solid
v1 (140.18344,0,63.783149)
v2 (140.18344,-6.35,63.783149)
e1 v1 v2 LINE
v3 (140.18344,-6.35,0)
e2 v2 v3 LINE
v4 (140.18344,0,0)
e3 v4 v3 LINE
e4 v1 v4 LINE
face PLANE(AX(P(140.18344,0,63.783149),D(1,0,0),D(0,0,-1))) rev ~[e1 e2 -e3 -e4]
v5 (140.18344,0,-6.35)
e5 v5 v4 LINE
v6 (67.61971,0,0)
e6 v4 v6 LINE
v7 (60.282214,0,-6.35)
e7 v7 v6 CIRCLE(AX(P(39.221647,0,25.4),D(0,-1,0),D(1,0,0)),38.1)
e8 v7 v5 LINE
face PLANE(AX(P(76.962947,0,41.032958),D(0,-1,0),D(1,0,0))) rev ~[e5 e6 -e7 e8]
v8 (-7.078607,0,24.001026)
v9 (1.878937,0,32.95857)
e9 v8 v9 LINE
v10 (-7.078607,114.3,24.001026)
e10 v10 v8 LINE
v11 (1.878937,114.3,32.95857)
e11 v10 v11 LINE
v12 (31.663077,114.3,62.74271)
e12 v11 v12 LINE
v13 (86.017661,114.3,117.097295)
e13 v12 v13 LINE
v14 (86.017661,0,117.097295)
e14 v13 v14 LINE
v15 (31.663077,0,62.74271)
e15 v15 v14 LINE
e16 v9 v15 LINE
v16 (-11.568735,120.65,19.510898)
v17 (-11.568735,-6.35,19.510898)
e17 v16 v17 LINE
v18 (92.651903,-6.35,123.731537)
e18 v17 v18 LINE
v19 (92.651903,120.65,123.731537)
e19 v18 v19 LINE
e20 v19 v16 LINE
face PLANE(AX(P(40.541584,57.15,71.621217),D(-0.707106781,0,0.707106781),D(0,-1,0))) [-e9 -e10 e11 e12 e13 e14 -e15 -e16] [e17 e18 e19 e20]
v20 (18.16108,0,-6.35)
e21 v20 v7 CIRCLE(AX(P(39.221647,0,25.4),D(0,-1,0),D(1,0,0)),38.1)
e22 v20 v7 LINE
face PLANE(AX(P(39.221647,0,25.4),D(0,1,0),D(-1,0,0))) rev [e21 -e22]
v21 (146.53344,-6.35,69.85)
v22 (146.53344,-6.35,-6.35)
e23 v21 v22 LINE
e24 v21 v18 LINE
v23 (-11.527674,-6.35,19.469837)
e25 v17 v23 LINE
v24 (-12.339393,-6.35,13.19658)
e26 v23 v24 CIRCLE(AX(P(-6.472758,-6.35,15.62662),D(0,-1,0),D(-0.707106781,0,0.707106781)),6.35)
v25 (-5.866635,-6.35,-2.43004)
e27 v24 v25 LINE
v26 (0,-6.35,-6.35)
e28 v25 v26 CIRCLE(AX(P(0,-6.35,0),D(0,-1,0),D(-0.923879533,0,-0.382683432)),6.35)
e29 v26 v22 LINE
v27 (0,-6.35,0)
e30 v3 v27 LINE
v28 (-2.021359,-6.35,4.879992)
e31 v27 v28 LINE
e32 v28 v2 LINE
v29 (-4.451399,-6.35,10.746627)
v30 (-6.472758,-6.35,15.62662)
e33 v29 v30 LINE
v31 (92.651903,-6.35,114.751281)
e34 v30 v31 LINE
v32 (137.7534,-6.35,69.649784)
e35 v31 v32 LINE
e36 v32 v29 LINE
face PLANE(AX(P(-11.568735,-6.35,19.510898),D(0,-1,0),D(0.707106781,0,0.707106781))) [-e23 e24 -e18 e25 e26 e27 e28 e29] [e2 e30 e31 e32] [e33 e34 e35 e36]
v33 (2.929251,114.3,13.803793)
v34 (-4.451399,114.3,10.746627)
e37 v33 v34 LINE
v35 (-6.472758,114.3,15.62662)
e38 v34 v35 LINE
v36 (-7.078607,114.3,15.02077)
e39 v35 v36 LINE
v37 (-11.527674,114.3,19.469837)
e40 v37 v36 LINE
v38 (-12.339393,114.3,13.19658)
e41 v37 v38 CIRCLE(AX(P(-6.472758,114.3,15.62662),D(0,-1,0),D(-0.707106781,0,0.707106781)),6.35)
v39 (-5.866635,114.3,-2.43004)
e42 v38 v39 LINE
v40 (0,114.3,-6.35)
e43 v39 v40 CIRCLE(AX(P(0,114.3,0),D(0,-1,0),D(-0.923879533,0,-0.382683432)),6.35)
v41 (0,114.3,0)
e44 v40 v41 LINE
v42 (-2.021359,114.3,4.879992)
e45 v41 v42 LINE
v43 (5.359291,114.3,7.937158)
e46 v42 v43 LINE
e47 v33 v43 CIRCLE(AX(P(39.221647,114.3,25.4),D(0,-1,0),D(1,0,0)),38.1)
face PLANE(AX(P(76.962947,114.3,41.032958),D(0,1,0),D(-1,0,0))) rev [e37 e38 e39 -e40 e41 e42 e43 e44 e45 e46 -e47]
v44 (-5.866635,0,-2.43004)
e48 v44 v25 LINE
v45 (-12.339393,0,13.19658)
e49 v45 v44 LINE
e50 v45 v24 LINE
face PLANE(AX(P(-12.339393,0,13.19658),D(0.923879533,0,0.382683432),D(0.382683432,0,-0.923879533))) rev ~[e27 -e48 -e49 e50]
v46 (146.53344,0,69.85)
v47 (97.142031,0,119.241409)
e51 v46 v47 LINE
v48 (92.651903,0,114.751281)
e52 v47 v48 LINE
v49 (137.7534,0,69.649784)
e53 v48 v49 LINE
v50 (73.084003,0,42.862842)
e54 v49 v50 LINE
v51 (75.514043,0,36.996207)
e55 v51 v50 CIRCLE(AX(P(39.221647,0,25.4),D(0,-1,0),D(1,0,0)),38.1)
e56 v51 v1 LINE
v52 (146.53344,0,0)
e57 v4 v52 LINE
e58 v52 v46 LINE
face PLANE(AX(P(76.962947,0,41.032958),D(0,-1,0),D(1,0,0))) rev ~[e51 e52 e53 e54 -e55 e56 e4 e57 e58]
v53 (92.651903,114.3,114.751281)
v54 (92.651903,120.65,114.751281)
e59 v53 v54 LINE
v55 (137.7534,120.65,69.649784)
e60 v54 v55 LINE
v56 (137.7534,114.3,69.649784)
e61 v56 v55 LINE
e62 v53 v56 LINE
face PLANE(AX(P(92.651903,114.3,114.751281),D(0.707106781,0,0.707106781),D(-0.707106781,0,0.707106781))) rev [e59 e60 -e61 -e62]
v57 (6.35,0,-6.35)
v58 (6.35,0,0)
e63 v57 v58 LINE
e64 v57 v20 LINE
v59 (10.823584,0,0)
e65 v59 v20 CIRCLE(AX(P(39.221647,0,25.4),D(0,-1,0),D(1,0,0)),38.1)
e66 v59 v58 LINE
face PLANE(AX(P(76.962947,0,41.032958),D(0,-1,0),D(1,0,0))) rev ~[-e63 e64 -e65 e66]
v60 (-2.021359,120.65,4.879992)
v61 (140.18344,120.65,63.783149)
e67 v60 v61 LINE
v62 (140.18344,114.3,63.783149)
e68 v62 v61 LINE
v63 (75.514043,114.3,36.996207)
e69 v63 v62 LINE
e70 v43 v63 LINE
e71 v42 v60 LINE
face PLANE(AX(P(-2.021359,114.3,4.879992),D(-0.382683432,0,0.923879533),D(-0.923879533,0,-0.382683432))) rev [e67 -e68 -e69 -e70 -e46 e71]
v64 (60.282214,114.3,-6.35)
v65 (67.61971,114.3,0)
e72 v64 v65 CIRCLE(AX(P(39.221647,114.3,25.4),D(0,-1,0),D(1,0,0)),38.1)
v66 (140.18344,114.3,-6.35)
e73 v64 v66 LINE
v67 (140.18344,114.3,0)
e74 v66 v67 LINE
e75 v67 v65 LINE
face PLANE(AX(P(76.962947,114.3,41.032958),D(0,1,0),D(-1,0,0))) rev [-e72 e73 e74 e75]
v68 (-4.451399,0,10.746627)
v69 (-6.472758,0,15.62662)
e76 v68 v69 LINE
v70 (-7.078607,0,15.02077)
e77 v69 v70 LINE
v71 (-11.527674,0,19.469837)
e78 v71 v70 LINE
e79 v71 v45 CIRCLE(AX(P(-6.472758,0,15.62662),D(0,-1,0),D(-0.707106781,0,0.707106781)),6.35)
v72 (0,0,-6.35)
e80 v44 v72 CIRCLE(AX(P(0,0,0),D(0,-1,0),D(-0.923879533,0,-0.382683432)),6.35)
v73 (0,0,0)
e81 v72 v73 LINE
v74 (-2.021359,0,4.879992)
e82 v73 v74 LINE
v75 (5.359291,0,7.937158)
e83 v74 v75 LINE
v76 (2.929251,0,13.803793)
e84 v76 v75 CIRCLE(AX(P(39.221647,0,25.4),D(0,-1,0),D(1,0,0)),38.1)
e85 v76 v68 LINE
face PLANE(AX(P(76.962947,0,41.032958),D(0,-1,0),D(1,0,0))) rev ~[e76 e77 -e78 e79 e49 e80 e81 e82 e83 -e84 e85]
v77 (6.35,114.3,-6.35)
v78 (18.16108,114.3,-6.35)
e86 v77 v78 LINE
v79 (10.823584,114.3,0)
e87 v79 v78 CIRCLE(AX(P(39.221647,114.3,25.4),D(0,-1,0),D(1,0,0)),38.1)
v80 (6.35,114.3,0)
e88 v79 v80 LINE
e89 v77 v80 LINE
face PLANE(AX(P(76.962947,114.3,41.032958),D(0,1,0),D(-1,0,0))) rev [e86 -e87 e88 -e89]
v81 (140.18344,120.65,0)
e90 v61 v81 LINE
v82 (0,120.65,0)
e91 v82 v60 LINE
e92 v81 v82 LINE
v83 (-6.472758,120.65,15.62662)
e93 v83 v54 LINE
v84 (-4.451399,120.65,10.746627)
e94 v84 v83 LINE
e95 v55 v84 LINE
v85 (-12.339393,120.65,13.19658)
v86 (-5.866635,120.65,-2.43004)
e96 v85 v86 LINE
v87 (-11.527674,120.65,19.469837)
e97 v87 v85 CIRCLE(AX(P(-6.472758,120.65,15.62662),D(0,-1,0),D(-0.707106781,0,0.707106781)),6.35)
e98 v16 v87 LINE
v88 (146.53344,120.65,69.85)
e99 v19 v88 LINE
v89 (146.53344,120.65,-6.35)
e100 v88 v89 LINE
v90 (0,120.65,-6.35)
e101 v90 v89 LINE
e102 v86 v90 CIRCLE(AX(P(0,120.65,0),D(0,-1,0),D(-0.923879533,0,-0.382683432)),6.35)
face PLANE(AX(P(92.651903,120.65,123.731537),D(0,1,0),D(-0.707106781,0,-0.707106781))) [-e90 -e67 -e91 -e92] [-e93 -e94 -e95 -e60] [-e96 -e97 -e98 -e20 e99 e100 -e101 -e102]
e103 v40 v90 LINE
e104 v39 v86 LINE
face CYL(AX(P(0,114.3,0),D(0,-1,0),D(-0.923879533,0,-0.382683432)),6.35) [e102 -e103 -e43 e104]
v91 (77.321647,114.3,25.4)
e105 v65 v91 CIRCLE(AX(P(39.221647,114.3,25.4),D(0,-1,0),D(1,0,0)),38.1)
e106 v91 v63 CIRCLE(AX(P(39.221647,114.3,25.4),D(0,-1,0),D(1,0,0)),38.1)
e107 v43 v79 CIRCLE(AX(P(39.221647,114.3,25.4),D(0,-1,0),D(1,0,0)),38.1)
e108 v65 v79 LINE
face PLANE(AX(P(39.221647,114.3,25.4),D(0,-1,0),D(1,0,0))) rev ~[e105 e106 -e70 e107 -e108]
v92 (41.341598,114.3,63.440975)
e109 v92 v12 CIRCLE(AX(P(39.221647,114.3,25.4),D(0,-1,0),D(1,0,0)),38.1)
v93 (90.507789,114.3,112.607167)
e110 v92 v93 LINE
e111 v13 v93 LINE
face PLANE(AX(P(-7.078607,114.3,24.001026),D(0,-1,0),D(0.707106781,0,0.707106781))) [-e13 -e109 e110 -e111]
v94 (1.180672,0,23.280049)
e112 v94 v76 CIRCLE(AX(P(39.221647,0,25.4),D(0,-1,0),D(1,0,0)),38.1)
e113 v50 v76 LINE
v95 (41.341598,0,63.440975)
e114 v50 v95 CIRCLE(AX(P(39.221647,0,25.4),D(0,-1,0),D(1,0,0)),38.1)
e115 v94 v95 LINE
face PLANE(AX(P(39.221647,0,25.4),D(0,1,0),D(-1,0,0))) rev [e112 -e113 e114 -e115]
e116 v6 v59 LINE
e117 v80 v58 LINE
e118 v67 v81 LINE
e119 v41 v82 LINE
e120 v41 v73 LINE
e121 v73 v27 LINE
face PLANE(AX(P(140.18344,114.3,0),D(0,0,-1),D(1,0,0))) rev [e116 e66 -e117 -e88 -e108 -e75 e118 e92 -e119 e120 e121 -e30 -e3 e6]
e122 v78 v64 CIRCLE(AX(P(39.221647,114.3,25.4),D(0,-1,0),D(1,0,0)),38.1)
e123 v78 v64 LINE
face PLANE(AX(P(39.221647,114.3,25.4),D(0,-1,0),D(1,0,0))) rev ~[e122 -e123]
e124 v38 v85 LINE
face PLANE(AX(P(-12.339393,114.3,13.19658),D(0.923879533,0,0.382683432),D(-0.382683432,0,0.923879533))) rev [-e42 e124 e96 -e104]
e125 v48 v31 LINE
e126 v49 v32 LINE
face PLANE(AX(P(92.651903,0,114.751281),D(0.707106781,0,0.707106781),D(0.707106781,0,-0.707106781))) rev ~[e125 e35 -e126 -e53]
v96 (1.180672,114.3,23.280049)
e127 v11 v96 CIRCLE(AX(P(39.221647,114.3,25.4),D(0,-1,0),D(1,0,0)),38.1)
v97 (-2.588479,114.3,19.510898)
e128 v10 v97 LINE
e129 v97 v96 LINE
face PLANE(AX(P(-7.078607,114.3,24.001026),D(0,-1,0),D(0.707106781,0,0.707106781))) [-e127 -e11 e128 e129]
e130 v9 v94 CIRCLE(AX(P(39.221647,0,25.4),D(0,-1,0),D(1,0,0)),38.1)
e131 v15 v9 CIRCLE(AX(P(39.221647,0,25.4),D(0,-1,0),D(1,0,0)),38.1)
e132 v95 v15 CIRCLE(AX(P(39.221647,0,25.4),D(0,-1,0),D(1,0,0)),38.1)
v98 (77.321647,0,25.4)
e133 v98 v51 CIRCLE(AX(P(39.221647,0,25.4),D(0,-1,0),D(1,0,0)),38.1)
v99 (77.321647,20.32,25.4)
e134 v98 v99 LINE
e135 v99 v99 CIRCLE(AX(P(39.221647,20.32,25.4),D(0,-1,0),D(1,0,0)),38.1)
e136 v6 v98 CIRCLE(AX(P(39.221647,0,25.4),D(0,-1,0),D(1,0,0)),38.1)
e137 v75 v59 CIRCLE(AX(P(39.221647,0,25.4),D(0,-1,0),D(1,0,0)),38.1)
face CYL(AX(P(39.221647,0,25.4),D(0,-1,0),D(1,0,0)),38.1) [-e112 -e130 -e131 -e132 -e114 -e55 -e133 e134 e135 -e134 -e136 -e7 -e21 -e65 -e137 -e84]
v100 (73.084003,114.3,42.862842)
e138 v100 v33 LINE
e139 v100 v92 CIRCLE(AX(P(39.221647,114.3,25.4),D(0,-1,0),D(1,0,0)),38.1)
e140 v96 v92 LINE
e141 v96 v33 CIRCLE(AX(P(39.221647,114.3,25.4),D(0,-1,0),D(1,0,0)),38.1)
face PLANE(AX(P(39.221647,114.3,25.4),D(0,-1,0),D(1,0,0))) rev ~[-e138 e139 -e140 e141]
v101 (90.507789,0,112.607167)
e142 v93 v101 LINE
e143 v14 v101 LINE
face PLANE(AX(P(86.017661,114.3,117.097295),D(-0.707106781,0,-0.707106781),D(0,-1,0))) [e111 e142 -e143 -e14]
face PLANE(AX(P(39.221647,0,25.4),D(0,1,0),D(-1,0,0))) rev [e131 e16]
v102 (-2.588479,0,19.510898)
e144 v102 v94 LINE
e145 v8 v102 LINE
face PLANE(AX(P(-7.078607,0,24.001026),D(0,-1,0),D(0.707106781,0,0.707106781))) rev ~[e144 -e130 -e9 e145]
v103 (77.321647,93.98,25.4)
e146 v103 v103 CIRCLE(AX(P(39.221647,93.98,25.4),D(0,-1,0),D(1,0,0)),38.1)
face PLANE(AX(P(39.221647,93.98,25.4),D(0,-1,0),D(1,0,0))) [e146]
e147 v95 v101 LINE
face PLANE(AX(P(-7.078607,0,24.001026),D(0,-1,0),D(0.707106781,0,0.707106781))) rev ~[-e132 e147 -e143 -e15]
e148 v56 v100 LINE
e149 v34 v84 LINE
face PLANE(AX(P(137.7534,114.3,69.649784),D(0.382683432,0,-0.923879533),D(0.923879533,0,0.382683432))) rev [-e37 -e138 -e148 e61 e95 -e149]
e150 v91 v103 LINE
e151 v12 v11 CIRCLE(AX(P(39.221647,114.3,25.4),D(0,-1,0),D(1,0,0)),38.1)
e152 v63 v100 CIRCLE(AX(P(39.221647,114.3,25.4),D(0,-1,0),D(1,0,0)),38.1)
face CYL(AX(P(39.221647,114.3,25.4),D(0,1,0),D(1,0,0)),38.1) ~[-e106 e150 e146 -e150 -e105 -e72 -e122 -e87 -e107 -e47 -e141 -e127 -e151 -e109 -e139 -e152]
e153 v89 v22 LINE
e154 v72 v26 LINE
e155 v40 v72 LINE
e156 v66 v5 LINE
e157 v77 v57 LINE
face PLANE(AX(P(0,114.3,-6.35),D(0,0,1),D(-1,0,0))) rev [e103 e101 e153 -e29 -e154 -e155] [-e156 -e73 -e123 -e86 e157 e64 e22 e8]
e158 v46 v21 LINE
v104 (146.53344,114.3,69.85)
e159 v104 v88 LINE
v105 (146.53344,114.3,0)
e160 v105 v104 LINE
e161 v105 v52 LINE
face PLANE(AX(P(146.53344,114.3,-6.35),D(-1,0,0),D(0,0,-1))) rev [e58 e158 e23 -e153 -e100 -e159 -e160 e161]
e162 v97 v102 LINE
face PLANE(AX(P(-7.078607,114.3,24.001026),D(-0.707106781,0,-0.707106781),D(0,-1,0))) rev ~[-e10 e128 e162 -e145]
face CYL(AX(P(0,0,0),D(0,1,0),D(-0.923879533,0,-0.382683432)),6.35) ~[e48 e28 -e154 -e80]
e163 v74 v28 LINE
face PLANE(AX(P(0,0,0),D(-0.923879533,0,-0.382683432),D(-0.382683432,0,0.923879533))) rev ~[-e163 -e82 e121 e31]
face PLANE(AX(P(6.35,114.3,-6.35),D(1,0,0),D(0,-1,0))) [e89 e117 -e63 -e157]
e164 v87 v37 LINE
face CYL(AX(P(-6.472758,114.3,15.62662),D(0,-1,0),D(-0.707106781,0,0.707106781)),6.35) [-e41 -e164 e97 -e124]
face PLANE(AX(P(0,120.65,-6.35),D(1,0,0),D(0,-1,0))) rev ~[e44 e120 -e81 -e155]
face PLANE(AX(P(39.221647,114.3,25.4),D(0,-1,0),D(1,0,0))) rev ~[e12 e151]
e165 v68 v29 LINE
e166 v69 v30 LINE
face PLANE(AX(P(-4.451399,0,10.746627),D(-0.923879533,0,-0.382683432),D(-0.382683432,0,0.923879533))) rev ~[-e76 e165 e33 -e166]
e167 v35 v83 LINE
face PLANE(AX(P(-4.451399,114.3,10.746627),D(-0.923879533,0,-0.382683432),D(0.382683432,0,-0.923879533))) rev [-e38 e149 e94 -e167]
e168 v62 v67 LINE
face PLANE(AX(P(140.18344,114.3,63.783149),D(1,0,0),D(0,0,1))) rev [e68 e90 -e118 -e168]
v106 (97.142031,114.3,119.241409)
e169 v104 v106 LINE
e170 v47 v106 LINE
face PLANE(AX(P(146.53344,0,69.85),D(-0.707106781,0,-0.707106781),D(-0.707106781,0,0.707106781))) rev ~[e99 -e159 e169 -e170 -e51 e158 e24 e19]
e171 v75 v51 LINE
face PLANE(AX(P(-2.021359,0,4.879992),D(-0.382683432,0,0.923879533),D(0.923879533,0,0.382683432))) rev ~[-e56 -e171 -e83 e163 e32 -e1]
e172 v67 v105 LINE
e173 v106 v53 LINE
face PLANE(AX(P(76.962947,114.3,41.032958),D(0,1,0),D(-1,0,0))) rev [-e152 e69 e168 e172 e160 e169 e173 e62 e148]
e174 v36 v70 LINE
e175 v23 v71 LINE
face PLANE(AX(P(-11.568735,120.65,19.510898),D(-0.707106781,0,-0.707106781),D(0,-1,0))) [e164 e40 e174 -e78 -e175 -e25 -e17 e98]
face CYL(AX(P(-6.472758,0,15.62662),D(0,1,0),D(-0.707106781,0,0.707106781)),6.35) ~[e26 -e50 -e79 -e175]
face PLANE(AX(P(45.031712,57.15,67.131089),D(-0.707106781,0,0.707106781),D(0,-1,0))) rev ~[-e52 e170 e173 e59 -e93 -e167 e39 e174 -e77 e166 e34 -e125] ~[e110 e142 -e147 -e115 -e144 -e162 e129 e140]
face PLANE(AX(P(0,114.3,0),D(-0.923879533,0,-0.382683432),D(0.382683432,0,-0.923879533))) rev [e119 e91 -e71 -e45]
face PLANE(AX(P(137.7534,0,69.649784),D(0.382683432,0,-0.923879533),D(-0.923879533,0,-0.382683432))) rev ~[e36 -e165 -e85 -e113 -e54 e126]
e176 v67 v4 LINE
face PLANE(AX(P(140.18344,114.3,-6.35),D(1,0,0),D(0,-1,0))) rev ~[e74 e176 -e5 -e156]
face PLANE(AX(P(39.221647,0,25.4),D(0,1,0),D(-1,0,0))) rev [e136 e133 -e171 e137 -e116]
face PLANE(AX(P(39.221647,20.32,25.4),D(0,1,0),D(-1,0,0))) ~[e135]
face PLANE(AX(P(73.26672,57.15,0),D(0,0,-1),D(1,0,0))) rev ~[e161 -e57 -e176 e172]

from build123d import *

# Parameters (mm, degrees)
F1_DEPTH = 6.35
F4_W     = 127
F4_H     = 147.3902405336
F4_W_2   = 114.3
F4_H_2   = 131.6580059171
F5_DEPTH = 6.35
F6_W     = 146.5334397942
F6_H     = 127
F6_W_2   = 133.8334397942
F6_H_2   = 114.3
F7_DEPTH = 6.35
F8_R     = 38.1
F9_DEPTH = 20.32


with BuildPart() as f1:
    # F0 (on Front) → F1 (new body)
    with BuildSketch(Plane.XZ):
        with BuildLine():
            Line((146.5334397942, -6.35), (146.5334397942, 69.85))
            Line((146.5334397942, 69.85), (92.6519030678, 123.7315367264))
            Line((92.6519030678, 123.7315367264), (-10.9628858813, 20.1167477774))
            ThreePointArc((-10.9628858813, 20.1167477774), (-12.7007443513, 16.8654432616), (-12.3393928522, 13.1965799213))
            Line((-12.3393928522, 13.1965799213), (-5.8666350314, -2.4300397955))
            ThreePointArc((-5.8666350314, -2.4300397955), (-3.5278709797, -5.2798320381), (0, -6.35))
            Line((0, -6.35), (146.5334397942, -6.35))
        make_face()
        Polygon((140.1834397942, 0), (0, 0), (-2.0213590126, 4.8799923427), (140.1834397942, 63.783148643), align=None, mode=Mode.SUBTRACT)
        Polygon((-4.4513988081, 10.7466273741), (-6.4727578208, 15.6266197168), (92.6519030678, 114.7512806053), (137.7533999987, 69.6497836744), align=None, mode=Mode.SUBTRACT)
    extrude(amount=F1_DEPTH)


with BuildPart() as f3_1:
    # F3: instance of F1
    add(f1.part.mirror(Plane.XZ.offset(-57.15)))


with BuildPart() as f1_1:
    add(f1.part)

    add(f3_1.part)  # F5 merges F3_1
    # F4 (on face) → F5 (join)
    with BuildSketch(Plane(origin=(-15.5398168293, 0, 15.5398168293), x_dir=(0, -1, 0), z_dir=(-0.7071067812, 0, 0.7071067812))):
        with Locations((-57.15, 79.3110773481)):
            Rectangle(F4_W, F4_H)
        with Locations((-57.15, 77.7949600399)):
            Rectangle(F4_W_2, F4_H_2, mode=Mode.SUBTRACT)
        Polygon((6.35, 153.0061976149), (-114.3, 153.0061976149), (-114.3, 143.6239629984), (0, 143.6239629984), (0, 11.9659570813), (-114.3, 11.9659570813), (-114.3, 6.4727578208), (-120.65, 6.4727578208), (-120.65, 5.6159570813), (6.35, 5.6159570813), align=None)
    extrude(amount=-F5_DEPTH)

    # F6 (on face) → F7 (join)
    with BuildSketch(Plane(origin=(0, 0, -6.35), x_dir=(1, 0, 0), z_dir=(0, 0, -1))):
        with Locations((73.2667198971, -57.15)):
            Rectangle(F6_W, F6_H)
        with Locations((73.2667198971, -57.15)):
            Rectangle(F6_W_2, F6_H_2, mode=Mode.SUBTRACT)
    extrude(amount=-F7_DEPTH)

    # F8 (on face) → F9 (join)
    with BuildSketch(Plane.XZ.offset(-114.3)):
        with Locations((39.2216469467, 25.4)):
            Circle(F8_R)
    extrude(amount=F9_DEPTH)

    # F10: F1 across plane


with BuildPart() as f1_2:
    add(f1_1.part)
    add(f1_1.part.mirror(Plane.XZ.offset(-57.15)))


solid = f1_2.part
